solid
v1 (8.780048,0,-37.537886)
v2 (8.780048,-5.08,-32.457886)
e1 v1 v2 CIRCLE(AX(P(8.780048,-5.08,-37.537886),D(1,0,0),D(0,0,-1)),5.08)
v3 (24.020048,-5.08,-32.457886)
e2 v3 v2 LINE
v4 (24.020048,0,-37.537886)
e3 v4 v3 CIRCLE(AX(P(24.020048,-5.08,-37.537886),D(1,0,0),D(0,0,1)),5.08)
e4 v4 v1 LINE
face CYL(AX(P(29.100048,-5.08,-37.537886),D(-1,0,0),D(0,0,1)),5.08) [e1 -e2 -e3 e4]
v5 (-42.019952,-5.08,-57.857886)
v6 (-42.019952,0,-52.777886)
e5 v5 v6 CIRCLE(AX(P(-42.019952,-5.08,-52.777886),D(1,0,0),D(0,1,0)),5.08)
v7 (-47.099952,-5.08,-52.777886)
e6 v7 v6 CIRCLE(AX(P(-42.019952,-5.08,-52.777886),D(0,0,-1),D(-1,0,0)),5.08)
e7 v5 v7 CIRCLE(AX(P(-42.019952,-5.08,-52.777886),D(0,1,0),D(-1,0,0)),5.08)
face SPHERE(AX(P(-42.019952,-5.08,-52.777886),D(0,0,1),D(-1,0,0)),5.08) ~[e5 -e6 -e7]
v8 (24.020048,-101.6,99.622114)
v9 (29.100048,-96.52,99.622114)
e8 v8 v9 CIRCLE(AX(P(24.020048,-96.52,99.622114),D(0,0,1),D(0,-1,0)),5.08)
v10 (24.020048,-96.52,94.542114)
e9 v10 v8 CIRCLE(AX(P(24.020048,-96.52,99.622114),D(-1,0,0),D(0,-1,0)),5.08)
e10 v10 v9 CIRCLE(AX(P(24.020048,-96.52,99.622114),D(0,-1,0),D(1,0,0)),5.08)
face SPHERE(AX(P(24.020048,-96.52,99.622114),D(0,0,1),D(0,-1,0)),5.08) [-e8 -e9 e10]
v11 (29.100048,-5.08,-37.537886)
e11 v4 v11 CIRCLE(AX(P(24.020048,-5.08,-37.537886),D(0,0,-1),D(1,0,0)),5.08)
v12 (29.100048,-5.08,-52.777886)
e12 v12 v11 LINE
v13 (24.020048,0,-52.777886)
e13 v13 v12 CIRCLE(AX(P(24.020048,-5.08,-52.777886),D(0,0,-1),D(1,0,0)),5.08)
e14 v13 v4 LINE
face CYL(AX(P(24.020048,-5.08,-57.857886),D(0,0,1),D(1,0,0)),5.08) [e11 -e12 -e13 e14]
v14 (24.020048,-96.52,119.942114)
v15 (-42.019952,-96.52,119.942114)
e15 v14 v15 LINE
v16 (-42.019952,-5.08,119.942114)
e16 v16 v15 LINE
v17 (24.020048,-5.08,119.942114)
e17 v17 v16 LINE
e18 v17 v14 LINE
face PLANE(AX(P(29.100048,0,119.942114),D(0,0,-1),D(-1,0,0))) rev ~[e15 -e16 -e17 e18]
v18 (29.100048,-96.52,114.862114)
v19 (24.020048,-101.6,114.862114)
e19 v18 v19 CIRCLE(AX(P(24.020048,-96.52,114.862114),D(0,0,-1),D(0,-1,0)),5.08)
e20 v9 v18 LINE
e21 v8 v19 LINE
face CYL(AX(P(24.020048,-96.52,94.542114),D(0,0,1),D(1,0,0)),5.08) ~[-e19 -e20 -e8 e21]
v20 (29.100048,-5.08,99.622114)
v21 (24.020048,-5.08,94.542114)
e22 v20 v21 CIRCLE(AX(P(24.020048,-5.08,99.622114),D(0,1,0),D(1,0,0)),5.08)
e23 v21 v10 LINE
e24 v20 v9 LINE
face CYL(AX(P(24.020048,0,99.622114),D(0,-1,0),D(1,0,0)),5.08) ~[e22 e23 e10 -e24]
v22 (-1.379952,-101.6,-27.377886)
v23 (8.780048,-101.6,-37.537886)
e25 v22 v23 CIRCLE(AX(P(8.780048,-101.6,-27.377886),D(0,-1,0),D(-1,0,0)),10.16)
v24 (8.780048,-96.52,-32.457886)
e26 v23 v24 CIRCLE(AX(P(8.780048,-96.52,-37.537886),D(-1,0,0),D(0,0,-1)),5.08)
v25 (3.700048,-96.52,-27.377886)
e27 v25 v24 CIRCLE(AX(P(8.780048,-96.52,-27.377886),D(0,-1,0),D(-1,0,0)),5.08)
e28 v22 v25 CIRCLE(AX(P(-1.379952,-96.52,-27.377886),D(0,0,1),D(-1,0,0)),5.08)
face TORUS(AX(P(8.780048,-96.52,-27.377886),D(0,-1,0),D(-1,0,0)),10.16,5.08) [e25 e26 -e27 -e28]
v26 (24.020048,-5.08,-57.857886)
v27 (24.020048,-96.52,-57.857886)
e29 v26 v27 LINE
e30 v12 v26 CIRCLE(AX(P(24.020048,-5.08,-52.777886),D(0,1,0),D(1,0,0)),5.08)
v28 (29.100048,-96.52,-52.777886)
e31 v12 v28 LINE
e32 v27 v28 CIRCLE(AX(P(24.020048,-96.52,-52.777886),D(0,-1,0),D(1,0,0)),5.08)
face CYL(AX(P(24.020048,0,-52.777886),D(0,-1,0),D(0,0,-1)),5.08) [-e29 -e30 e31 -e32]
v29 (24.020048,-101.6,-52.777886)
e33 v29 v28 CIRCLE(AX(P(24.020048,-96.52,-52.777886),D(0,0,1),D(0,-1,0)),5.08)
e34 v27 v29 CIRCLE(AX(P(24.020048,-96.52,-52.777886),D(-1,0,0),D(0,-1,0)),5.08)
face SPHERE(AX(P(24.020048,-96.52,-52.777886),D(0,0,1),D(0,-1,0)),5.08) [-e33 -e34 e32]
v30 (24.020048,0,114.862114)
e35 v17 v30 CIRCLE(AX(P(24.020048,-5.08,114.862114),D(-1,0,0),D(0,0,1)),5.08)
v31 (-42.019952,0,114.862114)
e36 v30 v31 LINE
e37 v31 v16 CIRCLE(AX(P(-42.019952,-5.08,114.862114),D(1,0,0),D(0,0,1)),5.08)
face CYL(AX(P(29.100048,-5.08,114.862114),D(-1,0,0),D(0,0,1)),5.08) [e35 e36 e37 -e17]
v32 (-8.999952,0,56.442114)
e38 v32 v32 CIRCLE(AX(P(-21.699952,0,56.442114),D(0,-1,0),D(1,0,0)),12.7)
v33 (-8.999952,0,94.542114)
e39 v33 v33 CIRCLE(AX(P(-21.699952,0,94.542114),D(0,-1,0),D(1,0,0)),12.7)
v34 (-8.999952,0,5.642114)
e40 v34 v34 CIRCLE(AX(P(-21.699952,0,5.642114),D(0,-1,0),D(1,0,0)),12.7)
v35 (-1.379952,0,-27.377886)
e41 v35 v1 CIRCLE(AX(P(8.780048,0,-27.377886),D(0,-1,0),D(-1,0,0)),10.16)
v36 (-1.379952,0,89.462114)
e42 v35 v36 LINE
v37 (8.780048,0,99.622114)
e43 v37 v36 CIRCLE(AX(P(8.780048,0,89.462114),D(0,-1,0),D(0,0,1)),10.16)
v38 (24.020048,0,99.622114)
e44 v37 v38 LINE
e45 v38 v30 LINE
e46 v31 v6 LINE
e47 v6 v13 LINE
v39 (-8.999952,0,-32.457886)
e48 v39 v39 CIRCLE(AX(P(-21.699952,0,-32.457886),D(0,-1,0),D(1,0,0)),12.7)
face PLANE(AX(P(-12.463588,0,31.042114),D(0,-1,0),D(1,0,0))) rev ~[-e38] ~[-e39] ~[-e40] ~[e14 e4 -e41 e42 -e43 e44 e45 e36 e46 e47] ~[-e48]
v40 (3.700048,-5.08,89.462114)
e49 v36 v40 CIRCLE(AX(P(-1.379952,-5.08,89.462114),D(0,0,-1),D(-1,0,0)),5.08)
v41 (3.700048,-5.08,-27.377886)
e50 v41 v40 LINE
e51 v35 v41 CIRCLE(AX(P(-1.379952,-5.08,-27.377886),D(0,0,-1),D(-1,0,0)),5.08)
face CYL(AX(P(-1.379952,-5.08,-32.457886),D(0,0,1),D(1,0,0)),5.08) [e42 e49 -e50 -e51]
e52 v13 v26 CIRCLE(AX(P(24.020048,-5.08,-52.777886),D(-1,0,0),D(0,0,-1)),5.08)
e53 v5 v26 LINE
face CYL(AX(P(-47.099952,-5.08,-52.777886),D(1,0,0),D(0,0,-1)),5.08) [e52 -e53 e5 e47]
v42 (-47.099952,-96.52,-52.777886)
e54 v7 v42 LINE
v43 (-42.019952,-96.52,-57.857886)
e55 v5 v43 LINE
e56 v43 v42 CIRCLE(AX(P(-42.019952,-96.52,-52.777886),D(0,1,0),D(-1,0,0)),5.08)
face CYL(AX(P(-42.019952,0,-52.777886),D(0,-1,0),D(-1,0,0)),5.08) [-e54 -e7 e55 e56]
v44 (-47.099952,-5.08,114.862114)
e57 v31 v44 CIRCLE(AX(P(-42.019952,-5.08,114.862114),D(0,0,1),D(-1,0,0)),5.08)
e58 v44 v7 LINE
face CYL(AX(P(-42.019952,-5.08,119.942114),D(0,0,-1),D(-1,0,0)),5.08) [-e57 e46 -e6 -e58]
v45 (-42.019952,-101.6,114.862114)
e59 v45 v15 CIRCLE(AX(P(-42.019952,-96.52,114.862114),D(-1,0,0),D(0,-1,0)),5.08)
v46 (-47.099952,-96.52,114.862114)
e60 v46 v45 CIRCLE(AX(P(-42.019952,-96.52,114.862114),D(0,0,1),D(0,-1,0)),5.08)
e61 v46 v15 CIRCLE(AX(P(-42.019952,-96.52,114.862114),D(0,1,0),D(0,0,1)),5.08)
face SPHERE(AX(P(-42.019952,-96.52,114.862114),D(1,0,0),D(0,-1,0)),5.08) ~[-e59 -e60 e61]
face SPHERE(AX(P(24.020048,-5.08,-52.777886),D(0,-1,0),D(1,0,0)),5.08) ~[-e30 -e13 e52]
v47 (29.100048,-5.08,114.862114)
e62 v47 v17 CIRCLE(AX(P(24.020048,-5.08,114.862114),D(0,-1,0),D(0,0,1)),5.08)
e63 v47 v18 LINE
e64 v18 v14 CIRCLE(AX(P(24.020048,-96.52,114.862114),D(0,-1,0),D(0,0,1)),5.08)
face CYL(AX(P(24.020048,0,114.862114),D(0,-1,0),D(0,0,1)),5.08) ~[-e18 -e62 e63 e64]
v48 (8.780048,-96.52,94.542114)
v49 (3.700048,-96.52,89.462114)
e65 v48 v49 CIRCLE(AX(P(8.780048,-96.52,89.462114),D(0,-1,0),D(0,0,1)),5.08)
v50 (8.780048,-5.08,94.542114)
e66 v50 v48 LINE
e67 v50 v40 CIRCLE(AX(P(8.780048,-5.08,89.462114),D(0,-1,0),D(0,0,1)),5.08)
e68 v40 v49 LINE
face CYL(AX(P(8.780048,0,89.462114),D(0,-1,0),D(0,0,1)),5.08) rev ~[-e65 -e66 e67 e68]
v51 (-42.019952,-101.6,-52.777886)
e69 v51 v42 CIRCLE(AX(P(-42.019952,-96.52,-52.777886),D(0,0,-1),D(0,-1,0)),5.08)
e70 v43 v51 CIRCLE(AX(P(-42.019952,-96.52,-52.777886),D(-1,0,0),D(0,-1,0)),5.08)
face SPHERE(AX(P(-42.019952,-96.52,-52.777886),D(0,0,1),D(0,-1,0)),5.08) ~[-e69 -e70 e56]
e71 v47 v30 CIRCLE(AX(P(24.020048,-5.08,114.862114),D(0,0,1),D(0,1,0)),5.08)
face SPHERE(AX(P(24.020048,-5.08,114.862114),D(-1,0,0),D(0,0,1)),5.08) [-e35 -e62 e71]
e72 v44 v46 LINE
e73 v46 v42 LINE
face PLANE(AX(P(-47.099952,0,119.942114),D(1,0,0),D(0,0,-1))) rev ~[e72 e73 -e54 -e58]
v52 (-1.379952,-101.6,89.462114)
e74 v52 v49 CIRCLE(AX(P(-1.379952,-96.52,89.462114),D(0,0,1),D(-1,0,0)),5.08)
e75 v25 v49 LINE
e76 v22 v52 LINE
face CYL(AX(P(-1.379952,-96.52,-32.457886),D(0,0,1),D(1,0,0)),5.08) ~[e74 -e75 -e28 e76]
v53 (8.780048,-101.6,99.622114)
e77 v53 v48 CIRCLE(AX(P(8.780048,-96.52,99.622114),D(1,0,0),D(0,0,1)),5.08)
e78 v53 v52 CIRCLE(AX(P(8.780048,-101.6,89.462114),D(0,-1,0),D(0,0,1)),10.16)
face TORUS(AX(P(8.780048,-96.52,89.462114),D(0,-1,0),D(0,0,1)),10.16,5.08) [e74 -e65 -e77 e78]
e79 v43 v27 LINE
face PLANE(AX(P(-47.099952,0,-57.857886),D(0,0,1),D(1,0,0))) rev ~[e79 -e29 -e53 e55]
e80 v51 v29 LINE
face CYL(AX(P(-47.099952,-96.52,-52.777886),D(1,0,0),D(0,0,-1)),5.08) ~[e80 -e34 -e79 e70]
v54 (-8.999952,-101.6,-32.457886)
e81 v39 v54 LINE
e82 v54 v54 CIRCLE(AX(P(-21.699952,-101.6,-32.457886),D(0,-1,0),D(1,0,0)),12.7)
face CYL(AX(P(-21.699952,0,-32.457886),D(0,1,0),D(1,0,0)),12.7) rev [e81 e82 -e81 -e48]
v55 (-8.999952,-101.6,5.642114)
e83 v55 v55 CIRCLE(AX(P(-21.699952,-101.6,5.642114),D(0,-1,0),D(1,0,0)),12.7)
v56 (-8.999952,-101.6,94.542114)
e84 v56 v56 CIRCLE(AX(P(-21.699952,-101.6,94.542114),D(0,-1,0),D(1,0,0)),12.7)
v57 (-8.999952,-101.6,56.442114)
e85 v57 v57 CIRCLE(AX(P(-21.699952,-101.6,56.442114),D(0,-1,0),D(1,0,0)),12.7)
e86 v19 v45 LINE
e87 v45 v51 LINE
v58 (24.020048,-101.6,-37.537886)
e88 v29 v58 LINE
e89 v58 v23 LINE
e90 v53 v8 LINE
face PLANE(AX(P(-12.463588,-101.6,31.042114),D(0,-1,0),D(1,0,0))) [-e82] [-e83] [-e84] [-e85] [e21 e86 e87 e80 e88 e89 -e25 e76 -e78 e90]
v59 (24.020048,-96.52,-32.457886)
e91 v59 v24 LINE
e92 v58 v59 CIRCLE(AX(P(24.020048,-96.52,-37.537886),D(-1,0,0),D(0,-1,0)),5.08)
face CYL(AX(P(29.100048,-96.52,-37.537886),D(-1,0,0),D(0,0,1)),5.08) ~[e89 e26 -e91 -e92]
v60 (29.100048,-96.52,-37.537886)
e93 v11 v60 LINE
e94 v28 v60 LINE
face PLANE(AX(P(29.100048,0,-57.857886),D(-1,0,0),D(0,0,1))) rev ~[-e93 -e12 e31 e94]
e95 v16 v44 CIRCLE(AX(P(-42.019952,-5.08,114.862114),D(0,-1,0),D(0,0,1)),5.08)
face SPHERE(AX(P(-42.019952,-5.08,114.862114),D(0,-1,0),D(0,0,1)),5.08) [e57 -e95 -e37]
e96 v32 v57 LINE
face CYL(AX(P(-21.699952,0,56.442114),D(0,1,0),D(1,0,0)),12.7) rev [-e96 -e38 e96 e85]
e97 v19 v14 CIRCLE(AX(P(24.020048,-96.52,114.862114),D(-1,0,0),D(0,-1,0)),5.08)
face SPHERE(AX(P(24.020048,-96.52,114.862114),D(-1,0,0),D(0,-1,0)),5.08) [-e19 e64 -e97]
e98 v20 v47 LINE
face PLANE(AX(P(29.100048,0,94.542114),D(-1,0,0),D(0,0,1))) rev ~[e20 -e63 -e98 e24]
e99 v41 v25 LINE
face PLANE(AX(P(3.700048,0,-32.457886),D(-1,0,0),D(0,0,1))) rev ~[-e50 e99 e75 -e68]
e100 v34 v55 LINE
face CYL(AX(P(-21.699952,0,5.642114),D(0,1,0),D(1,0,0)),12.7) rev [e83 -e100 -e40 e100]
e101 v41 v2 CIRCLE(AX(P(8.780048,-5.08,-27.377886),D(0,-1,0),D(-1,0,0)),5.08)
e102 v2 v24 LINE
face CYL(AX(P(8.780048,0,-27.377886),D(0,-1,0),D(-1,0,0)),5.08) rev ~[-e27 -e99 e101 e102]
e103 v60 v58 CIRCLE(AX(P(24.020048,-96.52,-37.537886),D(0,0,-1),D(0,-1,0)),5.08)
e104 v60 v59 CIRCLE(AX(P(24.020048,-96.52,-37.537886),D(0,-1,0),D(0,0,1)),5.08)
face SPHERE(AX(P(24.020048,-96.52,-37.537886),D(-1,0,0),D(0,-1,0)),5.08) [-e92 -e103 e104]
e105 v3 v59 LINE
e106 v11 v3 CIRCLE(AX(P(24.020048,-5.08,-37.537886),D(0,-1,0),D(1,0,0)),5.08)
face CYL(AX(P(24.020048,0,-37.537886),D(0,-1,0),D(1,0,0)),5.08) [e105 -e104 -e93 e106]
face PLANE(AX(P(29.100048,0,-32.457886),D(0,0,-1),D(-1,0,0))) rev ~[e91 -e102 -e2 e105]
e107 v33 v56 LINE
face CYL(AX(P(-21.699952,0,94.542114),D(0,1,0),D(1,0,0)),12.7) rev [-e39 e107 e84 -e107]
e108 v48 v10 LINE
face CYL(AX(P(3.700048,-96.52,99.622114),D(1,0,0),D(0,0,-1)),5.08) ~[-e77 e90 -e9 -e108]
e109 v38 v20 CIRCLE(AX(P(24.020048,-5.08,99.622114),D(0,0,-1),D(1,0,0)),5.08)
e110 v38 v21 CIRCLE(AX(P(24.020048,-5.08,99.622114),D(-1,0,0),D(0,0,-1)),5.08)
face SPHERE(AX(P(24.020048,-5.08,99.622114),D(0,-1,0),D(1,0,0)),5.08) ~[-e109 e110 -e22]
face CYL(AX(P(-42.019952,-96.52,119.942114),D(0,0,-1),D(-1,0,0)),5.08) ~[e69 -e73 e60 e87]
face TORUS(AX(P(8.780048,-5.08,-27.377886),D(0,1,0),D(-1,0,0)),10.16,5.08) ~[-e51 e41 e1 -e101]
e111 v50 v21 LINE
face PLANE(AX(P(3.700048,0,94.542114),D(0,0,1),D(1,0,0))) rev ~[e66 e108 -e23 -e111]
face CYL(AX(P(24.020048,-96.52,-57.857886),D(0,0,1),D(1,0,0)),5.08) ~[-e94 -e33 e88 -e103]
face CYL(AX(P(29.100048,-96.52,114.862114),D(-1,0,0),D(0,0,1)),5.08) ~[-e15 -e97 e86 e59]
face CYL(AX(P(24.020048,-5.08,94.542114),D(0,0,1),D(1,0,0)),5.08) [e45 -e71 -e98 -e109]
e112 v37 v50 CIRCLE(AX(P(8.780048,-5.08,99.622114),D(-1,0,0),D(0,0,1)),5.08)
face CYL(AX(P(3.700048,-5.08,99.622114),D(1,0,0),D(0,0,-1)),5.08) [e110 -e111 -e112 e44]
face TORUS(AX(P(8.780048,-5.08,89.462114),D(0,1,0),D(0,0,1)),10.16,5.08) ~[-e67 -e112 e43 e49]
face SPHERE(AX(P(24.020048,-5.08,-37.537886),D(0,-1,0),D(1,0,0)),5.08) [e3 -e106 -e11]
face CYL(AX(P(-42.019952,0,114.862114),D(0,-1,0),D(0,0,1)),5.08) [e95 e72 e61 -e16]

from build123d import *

# Parameters (mm, degrees)
F0_R     = 12.7
F1_DEPTH = 101.6
F2_R     = 5.08


with BuildPart() as f1:
    # F0 (on Front) → F1 (new body)
    with BuildSketch(Plane.XZ):
        Polygon((29.100048, 119.942114), (-47.099952, 119.942114), (-47.099952, -57.857886), (29.100048, -57.857886), (29.100048, -32.457886), (3.700048, -32.457886), (3.700048, 94.542114), (29.100048, 94.542114), align=None)
        with Locations((-21.699952, -32.457886)):
            Circle(F0_R, mode=Mode.SUBTRACT)
        with Locations((-21.699952, 5.642114)):
            Circle(F0_R, mode=Mode.SUBTRACT)
        with Locations((-21.699952, 56.442114)):
            Circle(F0_R, mode=Mode.SUBTRACT)
        with Locations((-21.699952, 94.542114)):
            Circle(F0_R, mode=Mode.SUBTRACT)
    extrude(amount=F1_DEPTH)

    # F2
    f2_edges = [f1.edges().sort_by_distance(p)[0] for p in [
        (-8.999952, -101.6, 119.942114),
        (-47.099952, -101.6, 31.042114),
        (29.100048, -101.6, 107.242114),
        (16.400048, -101.6, 94.542114),
        (3.700048, -101.6, 31.042114),
        (16.400048, -101.6, -32.457886),
        (29.100048, -101.6, -45.157886),
        (-8.999952, -101.6, -57.857886),
        (-47.099952, -50.8, 119.942114),
        (-8.999952, 0, 119.942114),
        (29.100048, -50.8, 119.942114),
        (-47.099952, 0, 31.042114),
        (-47.099952, -50.8, -57.857886),
        (29.100048, -50.8, -32.457886),
        (3.700048, -50.8, -32.457886),
        (29.100048, -50.8, 94.542114),
        (29.100048, 0, 107.242114),
        (29.100048, -50.8, -57.857886),
        (29.100048, 0, -45.157886),
        (3.700048, -50.8, 94.542114),
        (16.400048, 0, 94.542114),
        (3.700048, 0, 31.042114),
        (16.400048, 0, -32.457886),
        (-8.999952, 0, -57.857886),
    ]]
    fillet(f2_edges, radius=F2_R)


solid = f1.part
